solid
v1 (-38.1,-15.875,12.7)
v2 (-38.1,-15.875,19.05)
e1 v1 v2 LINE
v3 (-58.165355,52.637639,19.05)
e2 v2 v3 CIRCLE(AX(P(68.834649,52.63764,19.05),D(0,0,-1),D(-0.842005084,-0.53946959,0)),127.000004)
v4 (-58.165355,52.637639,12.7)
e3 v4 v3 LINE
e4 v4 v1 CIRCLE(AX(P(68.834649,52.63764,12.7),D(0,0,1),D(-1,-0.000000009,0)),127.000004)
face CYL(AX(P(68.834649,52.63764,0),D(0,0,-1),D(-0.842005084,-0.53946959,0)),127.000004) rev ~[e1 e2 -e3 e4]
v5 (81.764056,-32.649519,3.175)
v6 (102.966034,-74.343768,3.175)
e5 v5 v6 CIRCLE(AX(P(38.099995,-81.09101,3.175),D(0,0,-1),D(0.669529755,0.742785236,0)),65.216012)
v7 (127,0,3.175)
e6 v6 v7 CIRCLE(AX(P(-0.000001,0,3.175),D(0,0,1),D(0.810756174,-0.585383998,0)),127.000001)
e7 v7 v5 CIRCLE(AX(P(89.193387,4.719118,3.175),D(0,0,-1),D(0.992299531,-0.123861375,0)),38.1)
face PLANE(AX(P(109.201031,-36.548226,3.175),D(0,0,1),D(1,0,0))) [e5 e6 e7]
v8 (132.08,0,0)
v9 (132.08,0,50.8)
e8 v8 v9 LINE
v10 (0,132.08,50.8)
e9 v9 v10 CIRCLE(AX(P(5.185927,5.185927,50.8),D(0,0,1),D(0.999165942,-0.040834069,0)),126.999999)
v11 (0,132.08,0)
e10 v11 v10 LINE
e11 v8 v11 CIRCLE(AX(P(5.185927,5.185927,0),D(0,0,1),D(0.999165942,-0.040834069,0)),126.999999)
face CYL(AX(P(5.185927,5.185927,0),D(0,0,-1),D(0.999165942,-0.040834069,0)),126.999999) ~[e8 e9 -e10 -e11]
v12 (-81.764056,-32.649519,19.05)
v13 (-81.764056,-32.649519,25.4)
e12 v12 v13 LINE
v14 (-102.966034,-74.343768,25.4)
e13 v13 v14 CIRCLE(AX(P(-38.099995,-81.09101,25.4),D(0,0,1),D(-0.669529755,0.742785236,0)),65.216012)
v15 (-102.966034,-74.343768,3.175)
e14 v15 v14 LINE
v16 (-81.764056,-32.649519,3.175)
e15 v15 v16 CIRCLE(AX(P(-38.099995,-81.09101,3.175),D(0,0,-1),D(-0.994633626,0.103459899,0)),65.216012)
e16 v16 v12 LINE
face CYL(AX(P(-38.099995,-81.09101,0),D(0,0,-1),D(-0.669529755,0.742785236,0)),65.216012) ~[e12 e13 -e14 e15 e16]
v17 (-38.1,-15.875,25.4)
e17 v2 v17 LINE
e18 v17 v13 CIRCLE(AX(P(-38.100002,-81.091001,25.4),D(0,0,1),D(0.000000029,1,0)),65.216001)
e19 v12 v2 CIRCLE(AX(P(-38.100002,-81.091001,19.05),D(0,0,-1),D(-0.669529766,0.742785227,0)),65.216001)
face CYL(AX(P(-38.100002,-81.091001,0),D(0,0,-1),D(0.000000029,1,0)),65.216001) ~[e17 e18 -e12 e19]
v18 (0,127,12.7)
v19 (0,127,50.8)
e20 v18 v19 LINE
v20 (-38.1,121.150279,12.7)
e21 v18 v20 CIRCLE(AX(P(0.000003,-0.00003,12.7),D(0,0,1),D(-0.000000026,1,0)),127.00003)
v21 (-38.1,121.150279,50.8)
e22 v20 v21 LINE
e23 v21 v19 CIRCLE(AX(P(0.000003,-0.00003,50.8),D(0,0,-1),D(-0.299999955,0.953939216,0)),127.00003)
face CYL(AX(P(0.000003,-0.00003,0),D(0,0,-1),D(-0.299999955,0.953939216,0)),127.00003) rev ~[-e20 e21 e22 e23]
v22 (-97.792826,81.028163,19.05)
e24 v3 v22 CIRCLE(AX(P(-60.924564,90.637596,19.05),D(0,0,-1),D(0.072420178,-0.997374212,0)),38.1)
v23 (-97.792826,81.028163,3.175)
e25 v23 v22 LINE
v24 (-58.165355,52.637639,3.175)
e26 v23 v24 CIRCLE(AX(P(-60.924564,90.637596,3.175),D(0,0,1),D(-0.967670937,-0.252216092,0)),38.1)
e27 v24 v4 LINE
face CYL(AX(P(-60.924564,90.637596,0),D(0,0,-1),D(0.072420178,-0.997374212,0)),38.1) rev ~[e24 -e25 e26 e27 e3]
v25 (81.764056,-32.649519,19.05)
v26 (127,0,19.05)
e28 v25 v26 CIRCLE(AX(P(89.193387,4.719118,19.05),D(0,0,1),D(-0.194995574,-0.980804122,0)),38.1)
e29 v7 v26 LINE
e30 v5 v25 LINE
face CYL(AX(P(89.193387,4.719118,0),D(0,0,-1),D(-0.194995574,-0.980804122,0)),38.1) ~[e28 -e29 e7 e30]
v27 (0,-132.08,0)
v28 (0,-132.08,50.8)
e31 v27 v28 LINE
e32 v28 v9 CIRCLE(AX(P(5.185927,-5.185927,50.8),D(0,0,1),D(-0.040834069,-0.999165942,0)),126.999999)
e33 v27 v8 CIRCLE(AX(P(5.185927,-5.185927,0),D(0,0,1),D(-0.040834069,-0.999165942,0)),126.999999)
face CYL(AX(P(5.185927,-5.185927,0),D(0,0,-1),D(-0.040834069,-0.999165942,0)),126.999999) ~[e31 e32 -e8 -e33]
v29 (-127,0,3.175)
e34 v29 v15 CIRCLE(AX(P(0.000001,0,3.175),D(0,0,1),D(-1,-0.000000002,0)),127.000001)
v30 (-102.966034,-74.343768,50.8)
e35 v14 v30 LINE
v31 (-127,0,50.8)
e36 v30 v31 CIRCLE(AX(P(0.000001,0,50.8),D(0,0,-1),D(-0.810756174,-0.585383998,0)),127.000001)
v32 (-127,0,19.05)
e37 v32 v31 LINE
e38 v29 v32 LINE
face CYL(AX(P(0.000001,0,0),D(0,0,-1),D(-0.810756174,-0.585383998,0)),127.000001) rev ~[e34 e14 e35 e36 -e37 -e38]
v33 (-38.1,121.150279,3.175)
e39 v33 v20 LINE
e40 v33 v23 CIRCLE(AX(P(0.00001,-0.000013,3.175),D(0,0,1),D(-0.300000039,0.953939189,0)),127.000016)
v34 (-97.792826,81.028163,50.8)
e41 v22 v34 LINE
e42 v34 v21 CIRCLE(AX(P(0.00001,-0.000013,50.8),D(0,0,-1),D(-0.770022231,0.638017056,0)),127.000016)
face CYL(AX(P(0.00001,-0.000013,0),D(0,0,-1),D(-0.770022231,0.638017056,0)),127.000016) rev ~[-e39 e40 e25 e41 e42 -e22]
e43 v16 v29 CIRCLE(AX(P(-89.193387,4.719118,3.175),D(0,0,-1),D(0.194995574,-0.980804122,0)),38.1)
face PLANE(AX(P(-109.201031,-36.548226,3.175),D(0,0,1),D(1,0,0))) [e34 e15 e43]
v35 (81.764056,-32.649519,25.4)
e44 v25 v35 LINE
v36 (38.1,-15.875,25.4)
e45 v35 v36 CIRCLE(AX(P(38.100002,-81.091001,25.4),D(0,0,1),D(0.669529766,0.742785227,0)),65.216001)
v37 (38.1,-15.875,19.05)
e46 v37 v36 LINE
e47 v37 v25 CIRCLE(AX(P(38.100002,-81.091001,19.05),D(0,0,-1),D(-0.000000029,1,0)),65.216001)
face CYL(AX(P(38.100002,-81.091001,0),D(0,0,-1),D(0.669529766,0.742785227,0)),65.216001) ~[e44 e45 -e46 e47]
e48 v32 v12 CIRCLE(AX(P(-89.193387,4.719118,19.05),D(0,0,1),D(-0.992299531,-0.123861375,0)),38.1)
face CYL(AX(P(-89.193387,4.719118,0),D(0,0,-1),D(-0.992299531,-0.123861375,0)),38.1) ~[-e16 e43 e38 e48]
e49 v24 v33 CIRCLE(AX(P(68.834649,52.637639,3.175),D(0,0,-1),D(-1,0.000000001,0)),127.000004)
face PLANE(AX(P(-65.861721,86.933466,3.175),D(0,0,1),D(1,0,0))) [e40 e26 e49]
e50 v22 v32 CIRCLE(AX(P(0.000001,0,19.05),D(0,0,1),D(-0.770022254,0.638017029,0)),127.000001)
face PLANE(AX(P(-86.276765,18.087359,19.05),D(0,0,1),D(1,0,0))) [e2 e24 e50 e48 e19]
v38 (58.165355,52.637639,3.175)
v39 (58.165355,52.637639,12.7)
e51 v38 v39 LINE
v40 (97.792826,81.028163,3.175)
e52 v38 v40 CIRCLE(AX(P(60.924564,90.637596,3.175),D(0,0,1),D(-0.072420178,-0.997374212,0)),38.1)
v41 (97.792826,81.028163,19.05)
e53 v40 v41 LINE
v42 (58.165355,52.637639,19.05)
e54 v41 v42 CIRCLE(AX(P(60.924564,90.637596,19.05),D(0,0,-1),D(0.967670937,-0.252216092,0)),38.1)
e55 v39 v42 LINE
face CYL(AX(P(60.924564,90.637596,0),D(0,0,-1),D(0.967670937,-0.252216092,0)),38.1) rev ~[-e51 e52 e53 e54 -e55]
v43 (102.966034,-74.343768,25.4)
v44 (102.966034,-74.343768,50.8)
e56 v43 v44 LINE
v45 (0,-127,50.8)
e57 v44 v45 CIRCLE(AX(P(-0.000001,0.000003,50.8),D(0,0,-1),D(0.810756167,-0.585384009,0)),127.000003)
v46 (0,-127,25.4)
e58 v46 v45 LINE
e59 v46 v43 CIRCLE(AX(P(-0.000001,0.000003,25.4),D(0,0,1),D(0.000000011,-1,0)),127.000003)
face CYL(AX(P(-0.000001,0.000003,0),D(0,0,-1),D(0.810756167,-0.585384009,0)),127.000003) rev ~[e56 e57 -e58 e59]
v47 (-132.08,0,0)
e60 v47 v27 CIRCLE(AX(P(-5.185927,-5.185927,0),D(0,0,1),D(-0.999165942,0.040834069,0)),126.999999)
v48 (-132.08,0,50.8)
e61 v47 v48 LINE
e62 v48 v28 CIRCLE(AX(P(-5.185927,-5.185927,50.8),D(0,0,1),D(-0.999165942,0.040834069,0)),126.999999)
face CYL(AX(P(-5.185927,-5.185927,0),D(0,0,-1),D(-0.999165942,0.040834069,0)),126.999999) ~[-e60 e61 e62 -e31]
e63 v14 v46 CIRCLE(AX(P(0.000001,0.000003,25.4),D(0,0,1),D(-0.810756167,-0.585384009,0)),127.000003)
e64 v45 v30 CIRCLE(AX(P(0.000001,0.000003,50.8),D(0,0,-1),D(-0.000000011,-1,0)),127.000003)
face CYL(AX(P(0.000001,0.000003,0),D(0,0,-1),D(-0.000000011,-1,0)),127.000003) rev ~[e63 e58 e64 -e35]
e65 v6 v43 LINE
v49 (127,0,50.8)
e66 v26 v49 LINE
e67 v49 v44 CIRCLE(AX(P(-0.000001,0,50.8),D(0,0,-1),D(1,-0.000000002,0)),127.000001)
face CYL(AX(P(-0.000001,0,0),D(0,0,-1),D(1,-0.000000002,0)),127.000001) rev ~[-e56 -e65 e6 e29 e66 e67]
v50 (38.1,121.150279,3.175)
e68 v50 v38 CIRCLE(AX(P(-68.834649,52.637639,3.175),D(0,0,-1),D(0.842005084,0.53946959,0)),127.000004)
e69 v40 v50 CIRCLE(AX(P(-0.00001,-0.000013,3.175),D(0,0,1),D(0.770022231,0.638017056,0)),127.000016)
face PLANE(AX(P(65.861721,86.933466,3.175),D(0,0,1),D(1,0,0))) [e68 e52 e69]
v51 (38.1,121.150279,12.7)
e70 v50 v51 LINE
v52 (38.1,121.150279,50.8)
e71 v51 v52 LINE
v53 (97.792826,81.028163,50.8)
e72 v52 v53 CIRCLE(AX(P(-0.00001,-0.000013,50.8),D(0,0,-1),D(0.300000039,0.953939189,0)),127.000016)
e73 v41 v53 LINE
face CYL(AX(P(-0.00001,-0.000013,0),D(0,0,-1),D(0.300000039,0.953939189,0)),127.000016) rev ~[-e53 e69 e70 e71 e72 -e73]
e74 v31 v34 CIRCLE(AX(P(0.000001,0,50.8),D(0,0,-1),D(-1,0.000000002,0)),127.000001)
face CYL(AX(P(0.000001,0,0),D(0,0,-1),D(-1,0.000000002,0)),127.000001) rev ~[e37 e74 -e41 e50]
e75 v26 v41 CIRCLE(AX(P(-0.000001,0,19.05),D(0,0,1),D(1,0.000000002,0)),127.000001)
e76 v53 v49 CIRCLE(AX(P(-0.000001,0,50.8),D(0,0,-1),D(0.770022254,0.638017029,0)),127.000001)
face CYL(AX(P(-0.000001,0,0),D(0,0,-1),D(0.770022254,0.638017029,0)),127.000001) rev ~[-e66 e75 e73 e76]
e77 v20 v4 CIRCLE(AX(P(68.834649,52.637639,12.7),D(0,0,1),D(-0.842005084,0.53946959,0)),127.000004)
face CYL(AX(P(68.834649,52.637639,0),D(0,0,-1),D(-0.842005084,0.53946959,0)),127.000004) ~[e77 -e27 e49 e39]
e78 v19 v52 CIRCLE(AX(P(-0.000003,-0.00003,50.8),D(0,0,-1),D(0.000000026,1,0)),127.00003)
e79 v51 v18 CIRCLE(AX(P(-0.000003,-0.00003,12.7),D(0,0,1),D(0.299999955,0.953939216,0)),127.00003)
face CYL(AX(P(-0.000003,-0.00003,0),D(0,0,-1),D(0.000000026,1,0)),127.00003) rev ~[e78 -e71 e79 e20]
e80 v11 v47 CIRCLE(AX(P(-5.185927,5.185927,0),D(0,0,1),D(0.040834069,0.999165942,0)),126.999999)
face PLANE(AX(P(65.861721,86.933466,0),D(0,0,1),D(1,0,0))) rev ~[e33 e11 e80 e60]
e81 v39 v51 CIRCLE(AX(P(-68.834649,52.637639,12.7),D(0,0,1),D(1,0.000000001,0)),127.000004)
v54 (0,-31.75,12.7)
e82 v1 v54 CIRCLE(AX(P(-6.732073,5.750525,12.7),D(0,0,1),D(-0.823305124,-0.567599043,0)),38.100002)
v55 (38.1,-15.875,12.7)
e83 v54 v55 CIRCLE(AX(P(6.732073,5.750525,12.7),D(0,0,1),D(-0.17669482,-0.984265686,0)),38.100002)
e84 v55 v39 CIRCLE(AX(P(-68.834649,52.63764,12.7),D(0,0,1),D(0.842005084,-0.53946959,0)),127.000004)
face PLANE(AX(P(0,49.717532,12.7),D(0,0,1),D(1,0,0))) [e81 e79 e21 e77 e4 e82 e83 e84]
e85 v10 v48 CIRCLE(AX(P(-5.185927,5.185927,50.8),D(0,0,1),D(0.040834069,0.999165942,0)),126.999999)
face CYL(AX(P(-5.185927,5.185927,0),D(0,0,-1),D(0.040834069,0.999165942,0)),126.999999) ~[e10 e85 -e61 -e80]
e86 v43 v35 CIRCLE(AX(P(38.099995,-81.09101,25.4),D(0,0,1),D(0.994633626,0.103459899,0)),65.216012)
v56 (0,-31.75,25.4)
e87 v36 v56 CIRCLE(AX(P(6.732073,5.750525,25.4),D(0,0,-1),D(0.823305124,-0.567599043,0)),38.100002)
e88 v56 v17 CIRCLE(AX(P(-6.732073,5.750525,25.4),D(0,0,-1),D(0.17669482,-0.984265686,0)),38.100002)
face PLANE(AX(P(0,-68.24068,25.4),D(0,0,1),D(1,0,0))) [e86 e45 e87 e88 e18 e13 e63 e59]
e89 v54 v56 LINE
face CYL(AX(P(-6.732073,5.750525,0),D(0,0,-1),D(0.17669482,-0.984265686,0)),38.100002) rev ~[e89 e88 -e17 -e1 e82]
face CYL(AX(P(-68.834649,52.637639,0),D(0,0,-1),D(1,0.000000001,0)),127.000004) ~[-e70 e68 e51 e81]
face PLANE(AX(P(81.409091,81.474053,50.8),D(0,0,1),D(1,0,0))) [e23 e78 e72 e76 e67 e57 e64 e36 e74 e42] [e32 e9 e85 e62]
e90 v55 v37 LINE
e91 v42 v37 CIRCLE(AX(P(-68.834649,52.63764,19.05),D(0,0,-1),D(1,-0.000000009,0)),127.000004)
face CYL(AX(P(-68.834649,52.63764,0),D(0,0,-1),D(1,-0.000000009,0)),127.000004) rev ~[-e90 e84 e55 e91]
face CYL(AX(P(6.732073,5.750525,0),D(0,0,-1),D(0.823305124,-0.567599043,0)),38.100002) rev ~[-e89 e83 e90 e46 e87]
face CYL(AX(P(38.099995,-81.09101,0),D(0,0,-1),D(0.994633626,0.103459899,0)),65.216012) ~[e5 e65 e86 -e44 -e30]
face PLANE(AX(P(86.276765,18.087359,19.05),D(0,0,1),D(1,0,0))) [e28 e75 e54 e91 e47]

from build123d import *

# Parameters (mm, degrees)
F1_DEPTH = 50.8
F2_DEPTH = 12.7
F3_DEPTH = 25.4
F4_DEPTH = 19.05
F5_DEPTH = 3.175


with BuildPart() as f1:
    # F0 (on Top) → F1 (new body)
    with BuildSketch(Plane.XY):
        with BuildLine():
            ThreePointArc((97.792826, 81.028163), (119.475288, 43.065712), (127, 0))
            Line((127, 0), (132.08, 0))
            ThreePointArc((132.08, 0), (94.988487, 94.988487), (0, 132.08))
            Line((0, 132.08), (0, 127))
            ThreePointArc((0, 127), (19.273228, 125.529051), (38.1, 121.150279))
            ThreePointArc((38.1, 121.150279), (70.846038, 105.40322), (97.792826, 81.028163))
        make_face()
        with BuildLine():
            Line((0, 127), (0, 132.08))
            ThreePointArc((0, 132.08), (-94.988487, 94.988487), (-132.08, 0))
            Line((-132.08, 0), (-127, 0))
            ThreePointArc((-127, 0), (-119.475288, 43.065712), (-97.792826, 81.028163))
            ThreePointArc((-97.792826, 81.028163), (-70.846038, 105.40322), (-38.1, 121.150279))
            ThreePointArc((-38.1, 121.150279), (-19.273228, 125.529051), (0, 127))
        make_face()
        with BuildLine():
            Line((132.08, 0), (127, 0))
            ThreePointArc((127, 0), (120.842224, -39.066058), (102.966034, -74.343768))
            ThreePointArc((102.966034, -74.343768), (57.824482, -113.07223), (0, -127))
            Line((0, -127), (0, -132.08))
            ThreePointArc((0, -132.08), (94.988487, -94.988487), (132.08, 0))
        make_face()
        with BuildLine():
            Line((0, -132.08), (0, -127))
            ThreePointArc((0, -127), (-57.824482, -113.07223), (-102.966034, -74.343768))
            ThreePointArc((-102.966034, -74.343768), (-120.842224, -39.066058), (-127, 0))
            Line((-127, 0), (-132.08, 0))
            ThreePointArc((-132.08, 0), (-94.988487, -94.988487), (0, -132.08))
        make_face()
    extrude(amount=F1_DEPTH)

    # F0 (on Top) → F2 (join)
    with BuildSketch(Plane.XY):
        with BuildLine():
            ThreePointArc((58.165355, 52.637639), (53.045829, 88.332878), (38.1, 121.150279))
            ThreePointArc((38.1, 121.150279), (19.273228, 125.529051), (0, 127))
            ThreePointArc((0, 127), (-19.273228, 125.529051), (-38.1, 121.150279))
            ThreePointArc((-38.1, 121.150279), (-53.045829, 88.332878), (-58.165355, 52.637639))
            ThreePointArc((-58.165355, 52.637639), (-53.045829, 16.942401), (-38.1, -15.875))
            ThreePointArc((-38.1, -15.875), (-21.38592, -29.418708), (0, -31.75))
            ThreePointArc((0, -31.75), (21.38592, -29.418708), (38.1, -15.875))
            ThreePointArc((38.1, -15.875), (53.045829, 16.942401), (58.165355, 52.637639))
        make_face()
    extrude(amount=F2_DEPTH)

    # F0 (on Top) → F3 (join)
    with BuildSketch(Plane.XY):
        with BuildLine():
            ThreePointArc((0, -127), (57.824482, -113.07223), (102.966034, -74.343768))
            ThreePointArc((102.966034, -74.343768), (96.231727, -51.530394), (81.764056, -32.649519))
            ThreePointArc((81.764056, -32.649519), (61.48768, -20.212899), (38.1, -15.875))
            ThreePointArc((38.1, -15.875), (21.38592, -29.418708), (0, -31.75))
            ThreePointArc((0, -31.75), (-21.38592, -29.418708), (-38.1, -15.875))
            ThreePointArc((-38.1, -15.875), (-61.48768, -20.212899), (-81.764056, -32.649519))
            ThreePointArc((-81.764056, -32.649519), (-96.231727, -51.530394), (-102.966034, -74.343768))
            ThreePointArc((-102.966034, -74.343768), (-57.824482, -113.07223), (0, -127))
        make_face()
    extrude(amount=F3_DEPTH)

    # F0 (on Top) → F4 (join)
    with BuildSketch(Plane.XY):
        with BuildLine():
            ThreePointArc((-97.792826, 81.028163), (-119.475288, 43.065712), (-127, 0))
            ThreePointArc((-127, 0), (-111.491203, -26.174529), (-81.764056, -32.649519))
            ThreePointArc((-81.764056, -32.649519), (-61.48768, -20.212899), (-38.1, -15.875))
            ThreePointArc((-38.1, -15.875), (-53.045829, 16.942401), (-58.165355, 52.637639))
            ThreePointArc((-58.165355, 52.637639), (-83.113803, 59.665873), (-97.792826, 81.028163))
        make_face()
        with BuildLine():
            ThreePointArc((81.764056, -32.649519), (111.491203, -26.174529), (127, 0))
            ThreePointArc((127, 0), (119.475288, 43.065712), (97.792826, 81.028163))
            ThreePointArc((97.792826, 81.028163), (83.113803, 59.665873), (58.165355, 52.637639))
            ThreePointArc((58.165355, 52.637639), (53.045829, 16.942401), (38.1, -15.875))
            ThreePointArc((38.1, -15.875), (61.48768, -20.212899), (81.764056, -32.649519))
        make_face()
    extrude(amount=F4_DEPTH)

    # F0 (on Top) → F5 (join)
    with BuildSketch(Plane.XY):
        with BuildLine():
            ThreePointArc((58.165355, 52.637639), (83.113803, 59.665873), (97.792826, 81.028163))
            ThreePointArc((97.792826, 81.028163), (70.846038, 105.40322), (38.1, 121.150279))
            ThreePointArc((38.1, 121.150279), (53.045829, 88.332878), (58.165355, 52.637639))
        make_face()
        with BuildLine():
            ThreePointArc((102.966034, -74.343768), (120.842224, -39.066058), (127, 0))
            ThreePointArc((127, 0), (111.491203, -26.174529), (81.764056, -32.649519))
            ThreePointArc((81.764056, -32.649519), (96.231727, -51.530394), (102.966034, -74.343768))
        make_face()
        with BuildLine():
            ThreePointArc((-127, 0), (-120.842224, -39.066058), (-102.966034, -74.343768))
            ThreePointArc((-102.966034, -74.343768), (-96.231727, -51.530394), (-81.764056, -32.649519))
            ThreePointArc((-81.764056, -32.649519), (-111.491203, -26.174529), (-127, 0))
        make_face()
        with BuildLine():
            ThreePointArc((-58.165355, 52.637639), (-53.045829, 88.332878), (-38.1, 121.150279))
            ThreePointArc((-38.1, 121.150279), (-70.846038, 105.40322), (-97.792826, 81.028163))
            ThreePointArc((-97.792826, 81.028163), (-83.113803, 59.665873), (-58.165355, 52.637639))
        make_face()
    extrude(amount=F5_DEPTH)


solid = f1.part
